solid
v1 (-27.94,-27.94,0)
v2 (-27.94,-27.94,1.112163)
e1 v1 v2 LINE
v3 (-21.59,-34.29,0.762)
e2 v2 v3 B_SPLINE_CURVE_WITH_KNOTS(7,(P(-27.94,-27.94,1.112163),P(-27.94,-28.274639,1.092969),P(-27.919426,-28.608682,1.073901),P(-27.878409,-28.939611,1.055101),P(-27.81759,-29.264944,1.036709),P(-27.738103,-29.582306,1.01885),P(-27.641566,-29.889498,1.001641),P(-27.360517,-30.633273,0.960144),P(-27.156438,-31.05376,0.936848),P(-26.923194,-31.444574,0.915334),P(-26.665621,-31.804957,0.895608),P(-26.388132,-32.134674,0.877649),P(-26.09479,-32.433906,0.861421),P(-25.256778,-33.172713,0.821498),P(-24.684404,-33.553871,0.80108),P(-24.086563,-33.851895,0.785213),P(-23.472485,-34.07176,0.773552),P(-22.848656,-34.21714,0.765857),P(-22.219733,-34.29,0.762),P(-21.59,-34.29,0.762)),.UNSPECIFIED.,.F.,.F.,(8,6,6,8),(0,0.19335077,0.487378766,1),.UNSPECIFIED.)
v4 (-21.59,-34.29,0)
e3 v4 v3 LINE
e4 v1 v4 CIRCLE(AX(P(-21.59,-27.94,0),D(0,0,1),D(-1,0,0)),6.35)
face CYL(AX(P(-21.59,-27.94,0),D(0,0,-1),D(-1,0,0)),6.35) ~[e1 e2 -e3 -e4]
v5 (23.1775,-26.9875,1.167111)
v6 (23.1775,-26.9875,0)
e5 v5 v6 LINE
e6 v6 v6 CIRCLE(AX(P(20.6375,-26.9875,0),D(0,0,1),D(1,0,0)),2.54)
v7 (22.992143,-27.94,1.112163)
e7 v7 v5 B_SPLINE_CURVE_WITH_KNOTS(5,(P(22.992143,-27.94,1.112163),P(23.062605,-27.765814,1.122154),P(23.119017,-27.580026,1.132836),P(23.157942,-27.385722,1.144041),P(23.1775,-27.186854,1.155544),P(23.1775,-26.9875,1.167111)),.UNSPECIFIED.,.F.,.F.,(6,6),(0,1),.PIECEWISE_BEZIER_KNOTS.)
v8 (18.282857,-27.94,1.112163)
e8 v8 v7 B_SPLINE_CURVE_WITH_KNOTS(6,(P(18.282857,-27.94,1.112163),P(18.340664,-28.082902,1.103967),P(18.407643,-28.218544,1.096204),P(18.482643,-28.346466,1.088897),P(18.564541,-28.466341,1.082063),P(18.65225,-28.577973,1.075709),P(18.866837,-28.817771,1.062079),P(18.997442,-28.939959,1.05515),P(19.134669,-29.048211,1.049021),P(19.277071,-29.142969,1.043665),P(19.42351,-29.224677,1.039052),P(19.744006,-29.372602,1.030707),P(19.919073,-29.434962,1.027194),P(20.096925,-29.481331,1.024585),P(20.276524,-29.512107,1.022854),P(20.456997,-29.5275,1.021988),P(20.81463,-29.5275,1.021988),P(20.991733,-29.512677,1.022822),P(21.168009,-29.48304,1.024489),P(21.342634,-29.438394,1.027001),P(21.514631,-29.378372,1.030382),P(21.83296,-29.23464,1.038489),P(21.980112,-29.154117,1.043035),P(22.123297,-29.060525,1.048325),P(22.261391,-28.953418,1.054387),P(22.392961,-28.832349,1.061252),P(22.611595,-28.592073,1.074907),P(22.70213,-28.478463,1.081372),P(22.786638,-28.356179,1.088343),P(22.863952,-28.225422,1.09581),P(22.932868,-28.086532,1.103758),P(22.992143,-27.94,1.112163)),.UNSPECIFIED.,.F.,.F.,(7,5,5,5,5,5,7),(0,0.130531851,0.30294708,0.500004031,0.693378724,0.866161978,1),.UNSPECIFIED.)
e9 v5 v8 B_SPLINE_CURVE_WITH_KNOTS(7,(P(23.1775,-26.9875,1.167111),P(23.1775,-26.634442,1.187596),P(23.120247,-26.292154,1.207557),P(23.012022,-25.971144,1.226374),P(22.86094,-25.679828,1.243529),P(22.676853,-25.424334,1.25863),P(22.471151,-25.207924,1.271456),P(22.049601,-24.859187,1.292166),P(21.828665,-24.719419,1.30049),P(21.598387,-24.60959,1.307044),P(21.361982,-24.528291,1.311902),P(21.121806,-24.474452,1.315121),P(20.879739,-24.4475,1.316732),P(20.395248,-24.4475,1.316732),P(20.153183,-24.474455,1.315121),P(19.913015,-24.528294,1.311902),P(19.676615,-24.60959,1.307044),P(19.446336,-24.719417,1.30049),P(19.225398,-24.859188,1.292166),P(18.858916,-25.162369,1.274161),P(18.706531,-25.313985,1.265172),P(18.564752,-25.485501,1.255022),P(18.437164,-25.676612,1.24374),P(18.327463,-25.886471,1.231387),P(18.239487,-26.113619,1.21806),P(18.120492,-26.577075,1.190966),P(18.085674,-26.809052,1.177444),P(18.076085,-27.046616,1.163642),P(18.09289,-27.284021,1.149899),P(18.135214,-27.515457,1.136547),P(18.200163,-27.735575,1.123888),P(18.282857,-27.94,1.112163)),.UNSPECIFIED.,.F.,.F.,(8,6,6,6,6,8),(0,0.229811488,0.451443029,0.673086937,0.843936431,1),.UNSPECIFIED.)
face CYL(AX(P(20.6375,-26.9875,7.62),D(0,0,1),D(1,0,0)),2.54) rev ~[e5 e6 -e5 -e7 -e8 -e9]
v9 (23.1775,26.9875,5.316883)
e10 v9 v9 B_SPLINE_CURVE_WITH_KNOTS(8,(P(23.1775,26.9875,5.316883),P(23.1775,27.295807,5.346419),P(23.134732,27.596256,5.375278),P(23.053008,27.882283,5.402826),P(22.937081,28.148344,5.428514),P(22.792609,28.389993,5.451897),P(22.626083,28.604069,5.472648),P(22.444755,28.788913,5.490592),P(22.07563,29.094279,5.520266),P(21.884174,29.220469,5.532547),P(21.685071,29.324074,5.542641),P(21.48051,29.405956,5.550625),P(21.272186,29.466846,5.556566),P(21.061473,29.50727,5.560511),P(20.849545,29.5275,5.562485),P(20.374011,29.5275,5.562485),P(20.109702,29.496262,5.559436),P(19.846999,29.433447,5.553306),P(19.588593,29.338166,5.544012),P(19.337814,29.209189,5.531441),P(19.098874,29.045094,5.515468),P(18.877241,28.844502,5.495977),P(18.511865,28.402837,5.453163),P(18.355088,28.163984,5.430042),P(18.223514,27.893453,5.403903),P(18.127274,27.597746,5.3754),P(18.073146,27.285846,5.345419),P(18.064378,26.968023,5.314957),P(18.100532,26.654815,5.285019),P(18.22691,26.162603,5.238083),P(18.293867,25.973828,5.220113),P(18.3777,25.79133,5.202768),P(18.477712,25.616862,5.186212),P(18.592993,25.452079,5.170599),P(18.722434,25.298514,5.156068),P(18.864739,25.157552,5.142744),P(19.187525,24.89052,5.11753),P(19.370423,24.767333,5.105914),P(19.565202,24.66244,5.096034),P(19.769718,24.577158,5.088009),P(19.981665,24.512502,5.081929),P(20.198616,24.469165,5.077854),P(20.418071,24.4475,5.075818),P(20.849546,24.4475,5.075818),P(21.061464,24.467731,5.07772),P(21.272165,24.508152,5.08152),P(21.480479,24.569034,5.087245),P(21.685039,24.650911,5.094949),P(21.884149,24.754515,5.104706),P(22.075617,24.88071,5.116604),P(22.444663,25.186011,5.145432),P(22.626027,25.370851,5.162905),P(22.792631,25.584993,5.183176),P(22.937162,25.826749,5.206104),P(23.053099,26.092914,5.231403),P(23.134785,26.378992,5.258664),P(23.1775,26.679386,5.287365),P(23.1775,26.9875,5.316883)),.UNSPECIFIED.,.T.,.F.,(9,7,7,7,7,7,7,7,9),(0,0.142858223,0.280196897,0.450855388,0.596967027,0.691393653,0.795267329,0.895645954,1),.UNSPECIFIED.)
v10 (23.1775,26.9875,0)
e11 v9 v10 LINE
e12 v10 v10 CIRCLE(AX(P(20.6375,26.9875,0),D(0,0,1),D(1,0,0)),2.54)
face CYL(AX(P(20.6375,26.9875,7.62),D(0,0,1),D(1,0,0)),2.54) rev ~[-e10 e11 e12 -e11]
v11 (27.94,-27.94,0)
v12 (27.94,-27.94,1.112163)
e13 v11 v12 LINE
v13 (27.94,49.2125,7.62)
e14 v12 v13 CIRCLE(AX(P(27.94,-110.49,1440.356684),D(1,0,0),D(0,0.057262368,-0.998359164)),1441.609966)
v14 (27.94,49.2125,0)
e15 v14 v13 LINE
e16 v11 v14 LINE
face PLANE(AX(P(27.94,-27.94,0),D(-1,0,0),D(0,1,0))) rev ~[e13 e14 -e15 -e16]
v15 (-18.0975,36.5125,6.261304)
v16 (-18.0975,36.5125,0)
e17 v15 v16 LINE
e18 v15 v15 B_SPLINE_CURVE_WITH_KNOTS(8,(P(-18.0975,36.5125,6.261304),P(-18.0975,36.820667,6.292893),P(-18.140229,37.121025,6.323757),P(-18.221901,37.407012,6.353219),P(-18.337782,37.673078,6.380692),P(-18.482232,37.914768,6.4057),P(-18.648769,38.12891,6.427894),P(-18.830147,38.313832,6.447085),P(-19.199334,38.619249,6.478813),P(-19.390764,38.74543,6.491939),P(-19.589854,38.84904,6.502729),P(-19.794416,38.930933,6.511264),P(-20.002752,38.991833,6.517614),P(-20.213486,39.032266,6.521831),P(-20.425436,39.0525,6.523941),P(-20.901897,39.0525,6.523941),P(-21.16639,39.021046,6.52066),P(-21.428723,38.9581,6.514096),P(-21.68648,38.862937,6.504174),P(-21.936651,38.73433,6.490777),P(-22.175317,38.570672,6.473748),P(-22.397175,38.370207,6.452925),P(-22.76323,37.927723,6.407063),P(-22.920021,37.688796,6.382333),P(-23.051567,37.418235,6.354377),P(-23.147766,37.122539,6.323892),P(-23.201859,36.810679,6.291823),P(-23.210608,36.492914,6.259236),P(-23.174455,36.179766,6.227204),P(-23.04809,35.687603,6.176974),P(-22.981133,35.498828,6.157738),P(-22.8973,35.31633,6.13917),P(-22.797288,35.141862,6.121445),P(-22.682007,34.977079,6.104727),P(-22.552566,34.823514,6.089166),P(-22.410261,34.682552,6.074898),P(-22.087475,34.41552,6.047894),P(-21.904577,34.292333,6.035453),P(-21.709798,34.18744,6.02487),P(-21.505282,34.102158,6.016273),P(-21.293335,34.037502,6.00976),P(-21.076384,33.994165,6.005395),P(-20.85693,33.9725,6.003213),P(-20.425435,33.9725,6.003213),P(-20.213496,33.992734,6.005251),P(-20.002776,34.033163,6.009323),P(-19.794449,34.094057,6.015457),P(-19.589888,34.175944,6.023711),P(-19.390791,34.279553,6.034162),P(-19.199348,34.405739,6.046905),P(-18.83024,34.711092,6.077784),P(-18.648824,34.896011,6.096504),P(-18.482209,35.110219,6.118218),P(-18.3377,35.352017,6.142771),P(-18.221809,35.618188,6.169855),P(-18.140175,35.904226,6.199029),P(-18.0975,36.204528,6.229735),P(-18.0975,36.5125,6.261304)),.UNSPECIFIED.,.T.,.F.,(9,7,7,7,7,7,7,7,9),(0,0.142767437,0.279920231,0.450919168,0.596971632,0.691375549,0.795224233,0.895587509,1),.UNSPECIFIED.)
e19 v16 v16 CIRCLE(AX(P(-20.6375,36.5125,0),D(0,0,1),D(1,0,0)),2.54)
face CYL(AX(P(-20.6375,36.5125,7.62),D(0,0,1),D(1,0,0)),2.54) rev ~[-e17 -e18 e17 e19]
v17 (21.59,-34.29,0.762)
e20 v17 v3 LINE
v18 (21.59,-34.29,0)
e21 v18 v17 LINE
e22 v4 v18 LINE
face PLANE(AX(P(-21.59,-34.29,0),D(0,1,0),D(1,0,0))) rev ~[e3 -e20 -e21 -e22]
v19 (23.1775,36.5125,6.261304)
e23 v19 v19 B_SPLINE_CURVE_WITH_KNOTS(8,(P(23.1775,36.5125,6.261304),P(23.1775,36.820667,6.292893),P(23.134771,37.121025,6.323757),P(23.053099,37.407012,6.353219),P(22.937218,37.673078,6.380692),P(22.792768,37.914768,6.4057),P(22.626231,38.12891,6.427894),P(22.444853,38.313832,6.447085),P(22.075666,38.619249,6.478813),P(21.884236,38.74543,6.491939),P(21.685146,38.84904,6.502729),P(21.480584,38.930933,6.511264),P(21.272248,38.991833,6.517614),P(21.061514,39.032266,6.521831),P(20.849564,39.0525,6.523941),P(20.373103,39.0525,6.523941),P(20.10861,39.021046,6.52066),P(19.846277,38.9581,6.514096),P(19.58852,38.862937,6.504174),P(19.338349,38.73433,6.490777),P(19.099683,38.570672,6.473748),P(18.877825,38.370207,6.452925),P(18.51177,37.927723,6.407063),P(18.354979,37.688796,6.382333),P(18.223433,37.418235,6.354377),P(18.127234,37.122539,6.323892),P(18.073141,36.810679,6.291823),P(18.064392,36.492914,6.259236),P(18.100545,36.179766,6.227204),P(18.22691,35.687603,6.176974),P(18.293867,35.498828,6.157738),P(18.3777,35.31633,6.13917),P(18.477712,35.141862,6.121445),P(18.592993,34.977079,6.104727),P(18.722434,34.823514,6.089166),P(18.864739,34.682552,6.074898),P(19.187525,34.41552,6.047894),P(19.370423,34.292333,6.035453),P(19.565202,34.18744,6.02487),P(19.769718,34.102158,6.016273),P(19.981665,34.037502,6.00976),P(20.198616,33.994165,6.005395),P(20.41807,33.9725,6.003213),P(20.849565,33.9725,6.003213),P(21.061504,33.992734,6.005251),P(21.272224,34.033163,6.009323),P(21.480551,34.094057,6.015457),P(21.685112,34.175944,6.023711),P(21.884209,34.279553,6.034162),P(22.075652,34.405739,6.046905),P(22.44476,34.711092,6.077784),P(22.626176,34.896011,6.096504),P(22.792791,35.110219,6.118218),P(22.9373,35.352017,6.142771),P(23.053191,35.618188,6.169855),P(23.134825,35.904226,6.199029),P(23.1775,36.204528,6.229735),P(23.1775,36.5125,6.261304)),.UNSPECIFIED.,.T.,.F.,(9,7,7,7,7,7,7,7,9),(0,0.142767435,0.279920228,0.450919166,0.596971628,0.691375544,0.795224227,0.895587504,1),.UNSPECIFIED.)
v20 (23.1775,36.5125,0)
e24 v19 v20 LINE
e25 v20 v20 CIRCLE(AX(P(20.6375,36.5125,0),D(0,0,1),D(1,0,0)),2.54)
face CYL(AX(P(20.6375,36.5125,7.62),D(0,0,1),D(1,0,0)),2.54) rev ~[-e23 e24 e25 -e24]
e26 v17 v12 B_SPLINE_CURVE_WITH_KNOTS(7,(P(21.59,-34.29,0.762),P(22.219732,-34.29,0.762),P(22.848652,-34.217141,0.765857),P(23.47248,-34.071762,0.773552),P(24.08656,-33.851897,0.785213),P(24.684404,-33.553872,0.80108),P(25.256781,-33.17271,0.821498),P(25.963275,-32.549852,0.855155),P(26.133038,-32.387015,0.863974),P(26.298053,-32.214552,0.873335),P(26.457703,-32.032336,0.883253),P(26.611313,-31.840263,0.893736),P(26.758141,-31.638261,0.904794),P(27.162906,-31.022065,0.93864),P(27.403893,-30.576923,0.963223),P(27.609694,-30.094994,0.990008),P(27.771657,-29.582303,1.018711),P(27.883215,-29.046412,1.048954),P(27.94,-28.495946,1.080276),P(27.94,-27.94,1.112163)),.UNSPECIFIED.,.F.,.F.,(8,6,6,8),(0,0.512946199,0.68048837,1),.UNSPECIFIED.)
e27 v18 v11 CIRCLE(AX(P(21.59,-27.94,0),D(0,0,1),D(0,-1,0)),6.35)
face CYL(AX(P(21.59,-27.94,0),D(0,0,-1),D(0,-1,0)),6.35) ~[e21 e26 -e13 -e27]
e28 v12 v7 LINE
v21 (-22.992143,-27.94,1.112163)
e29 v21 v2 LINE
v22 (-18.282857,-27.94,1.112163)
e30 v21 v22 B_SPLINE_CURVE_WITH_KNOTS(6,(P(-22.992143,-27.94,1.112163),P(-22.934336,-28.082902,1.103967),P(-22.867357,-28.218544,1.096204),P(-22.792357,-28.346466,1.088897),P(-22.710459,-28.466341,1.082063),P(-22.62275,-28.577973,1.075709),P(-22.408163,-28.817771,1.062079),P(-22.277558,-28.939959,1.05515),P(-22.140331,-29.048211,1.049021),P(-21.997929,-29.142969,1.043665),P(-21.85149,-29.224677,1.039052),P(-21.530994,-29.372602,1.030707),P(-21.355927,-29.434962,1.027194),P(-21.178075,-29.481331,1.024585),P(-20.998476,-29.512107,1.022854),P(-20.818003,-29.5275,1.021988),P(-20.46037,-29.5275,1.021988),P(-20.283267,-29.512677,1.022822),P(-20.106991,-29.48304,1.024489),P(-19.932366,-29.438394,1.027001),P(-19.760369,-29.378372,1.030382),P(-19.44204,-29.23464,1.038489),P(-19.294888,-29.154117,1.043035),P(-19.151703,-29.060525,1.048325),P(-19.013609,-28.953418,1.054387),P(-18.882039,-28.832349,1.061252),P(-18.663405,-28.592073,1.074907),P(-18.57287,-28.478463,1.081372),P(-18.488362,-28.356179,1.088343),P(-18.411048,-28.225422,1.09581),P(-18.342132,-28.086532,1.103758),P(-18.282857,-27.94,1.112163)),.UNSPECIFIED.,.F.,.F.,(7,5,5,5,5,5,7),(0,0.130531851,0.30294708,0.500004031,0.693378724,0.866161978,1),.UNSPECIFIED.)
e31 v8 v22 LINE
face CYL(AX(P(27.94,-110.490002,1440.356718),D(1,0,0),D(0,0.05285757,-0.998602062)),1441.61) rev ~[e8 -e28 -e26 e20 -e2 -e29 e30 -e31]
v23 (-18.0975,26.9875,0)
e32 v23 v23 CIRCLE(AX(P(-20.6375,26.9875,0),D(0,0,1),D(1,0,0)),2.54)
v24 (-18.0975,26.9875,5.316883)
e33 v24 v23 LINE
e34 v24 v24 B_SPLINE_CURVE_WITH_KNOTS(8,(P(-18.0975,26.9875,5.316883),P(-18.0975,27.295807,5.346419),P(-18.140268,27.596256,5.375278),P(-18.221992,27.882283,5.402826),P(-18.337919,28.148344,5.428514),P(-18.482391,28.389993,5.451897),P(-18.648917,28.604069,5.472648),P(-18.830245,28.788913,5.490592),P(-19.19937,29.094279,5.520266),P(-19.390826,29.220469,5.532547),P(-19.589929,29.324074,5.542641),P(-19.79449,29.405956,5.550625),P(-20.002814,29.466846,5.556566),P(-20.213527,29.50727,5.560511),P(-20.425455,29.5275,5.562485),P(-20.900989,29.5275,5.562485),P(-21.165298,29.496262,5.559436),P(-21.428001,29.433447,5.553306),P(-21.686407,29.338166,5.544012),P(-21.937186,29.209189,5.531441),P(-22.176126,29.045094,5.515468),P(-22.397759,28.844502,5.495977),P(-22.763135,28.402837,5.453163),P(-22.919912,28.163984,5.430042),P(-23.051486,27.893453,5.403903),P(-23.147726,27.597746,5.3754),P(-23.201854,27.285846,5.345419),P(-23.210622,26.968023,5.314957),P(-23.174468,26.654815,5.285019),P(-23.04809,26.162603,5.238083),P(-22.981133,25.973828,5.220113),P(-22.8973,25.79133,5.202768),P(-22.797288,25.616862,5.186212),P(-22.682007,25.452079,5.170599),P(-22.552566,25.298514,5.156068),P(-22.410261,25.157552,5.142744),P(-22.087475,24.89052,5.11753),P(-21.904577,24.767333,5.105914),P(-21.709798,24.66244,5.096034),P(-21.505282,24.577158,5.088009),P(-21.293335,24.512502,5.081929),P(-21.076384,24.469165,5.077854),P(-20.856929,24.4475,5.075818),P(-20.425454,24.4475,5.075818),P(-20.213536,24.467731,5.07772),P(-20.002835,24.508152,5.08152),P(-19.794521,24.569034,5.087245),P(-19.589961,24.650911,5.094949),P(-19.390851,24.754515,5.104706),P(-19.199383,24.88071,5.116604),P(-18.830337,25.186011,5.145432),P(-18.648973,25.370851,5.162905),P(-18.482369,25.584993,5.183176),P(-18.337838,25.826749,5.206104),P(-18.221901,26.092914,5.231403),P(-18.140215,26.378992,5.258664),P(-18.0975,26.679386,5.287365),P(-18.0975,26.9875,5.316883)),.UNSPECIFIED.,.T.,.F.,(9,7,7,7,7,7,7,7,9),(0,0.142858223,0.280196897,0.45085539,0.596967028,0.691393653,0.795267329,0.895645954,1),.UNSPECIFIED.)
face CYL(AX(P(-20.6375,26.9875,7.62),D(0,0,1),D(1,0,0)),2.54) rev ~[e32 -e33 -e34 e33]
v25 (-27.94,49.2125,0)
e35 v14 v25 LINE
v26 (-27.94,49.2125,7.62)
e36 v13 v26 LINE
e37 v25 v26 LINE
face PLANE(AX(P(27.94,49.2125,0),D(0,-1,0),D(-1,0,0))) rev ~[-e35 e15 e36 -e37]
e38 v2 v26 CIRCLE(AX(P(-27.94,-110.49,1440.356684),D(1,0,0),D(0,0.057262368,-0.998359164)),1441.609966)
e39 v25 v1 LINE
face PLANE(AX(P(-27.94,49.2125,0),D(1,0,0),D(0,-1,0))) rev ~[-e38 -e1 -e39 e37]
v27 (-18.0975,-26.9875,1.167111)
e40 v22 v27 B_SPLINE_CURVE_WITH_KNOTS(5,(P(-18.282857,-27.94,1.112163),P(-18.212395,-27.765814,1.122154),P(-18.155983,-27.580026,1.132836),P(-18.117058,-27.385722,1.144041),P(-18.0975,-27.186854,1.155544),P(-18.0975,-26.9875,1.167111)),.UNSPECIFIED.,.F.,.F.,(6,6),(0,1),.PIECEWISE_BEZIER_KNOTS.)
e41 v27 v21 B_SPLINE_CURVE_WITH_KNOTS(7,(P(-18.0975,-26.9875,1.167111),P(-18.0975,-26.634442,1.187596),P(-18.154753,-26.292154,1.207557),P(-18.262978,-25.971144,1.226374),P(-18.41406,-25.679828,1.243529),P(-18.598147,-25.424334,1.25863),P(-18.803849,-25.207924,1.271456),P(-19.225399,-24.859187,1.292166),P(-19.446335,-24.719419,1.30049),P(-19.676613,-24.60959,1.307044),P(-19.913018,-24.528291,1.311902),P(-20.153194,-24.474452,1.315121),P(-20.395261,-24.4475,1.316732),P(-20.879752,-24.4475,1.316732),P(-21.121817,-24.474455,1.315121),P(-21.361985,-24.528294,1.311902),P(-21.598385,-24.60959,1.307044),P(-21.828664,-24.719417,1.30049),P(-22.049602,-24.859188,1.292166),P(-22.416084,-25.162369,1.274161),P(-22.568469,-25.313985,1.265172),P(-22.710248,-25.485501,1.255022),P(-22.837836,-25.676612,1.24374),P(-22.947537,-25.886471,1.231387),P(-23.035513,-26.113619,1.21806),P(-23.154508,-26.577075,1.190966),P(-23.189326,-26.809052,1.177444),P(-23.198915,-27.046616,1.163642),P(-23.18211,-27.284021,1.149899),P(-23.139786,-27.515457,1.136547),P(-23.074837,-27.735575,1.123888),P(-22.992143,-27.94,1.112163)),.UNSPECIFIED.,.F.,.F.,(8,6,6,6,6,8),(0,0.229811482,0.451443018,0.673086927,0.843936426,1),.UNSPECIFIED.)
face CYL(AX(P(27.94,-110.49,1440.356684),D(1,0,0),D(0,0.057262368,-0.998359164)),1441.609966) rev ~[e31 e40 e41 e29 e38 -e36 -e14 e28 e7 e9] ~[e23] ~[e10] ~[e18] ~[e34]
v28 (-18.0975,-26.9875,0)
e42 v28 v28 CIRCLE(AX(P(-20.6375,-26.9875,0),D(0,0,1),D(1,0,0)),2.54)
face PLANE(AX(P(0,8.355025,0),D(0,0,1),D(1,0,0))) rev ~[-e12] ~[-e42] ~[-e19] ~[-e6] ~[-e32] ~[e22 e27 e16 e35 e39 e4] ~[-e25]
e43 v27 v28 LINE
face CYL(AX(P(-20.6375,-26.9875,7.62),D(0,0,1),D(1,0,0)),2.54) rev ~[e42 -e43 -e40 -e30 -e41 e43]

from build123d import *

# Parameters (mm, degrees)
BOSS_EXTRUDE1_DEPTH = 7.62
SKETCH2_R           = 2.54
CUT_EXTRUDE1_DEPTH  = 58.101472453
CUT_EXTRUDE2_DEPTH  = 75.849909527


with BuildPart() as part:
    # Sketch1 → Boss-Extrude1 (new body)
    with BuildSketch(Plane.XY):
        with BuildLine():
            Line((27.94, 49.2125), (-27.94, 49.2125))
            Line((-27.94, 49.2125), (-27.94, -27.94))
            ThreePointArc((-27.94, -27.94), (-26.080128061, -32.430128061), (-21.59, -34.29))
            Line((-21.59, -34.29), (21.59, -34.29))
            ThreePointArc((21.59, -34.29), (26.080128061, -32.430128061), (27.94, -27.94))
            Line((27.94, -27.94), (27.94, 49.2125))
        make_face()
    extrude(amount=BOSS_EXTRUDE1_DEPTH)

    # Sketch2 → Cut-Extrude1 (cut, through all)
    with BuildSketch(Plane.XY.offset(7.62)):
        with Locations((-20.6375, 36.5125)):
            Circle(SKETCH2_R)
        with Locations((-20.6375, 26.9875)):
            Circle(SKETCH2_R)
        with Locations((-20.6375, -26.9875)):
            Circle(SKETCH2_R)
        with Locations((20.6375, 36.5125)):
            Circle(SKETCH2_R)
        with Locations((20.6375, 26.9875)):
            Circle(SKETCH2_R)
        with Locations((20.6375, -26.9875)):
            Circle(SKETCH2_R)
    extrude(amount=-CUT_EXTRUDE1_DEPTH, mode=Mode.SUBTRACT)

    # Sketch3 → Cut-Extrude2 (cut, through all)
    with BuildSketch(Plane(origin=(27.94, 0, 0), x_dir=(0, 0, -1), z_dir=(1, 0, 0))):
        with BuildLine():
            ThreePointArc((-1.112162836, -27.94), (-3.848021385, 10.679948524), (-7.62, 49.2125))
            Line((-7.62, 49.2125), (-7.62, -27.94))
            Line((-7.62, -27.94), (-1.112162836, -27.94))
        make_face()
        with BuildLine():
            Line((-1.112162836, -27.94), (-7.62, -27.94))
            Line((-7.62, -27.94), (-7.62, -34.29))
            Line((-7.62, -34.29), (-0.762, -34.29))
            ThreePointArc((-0.762, -34.29), (-0.933579794, -31.114806907), (-1.112162836, -27.94))
        make_face()
    extrude(amount=-CUT_EXTRUDE2_DEPTH, mode=Mode.SUBTRACT)


solid = part.part
